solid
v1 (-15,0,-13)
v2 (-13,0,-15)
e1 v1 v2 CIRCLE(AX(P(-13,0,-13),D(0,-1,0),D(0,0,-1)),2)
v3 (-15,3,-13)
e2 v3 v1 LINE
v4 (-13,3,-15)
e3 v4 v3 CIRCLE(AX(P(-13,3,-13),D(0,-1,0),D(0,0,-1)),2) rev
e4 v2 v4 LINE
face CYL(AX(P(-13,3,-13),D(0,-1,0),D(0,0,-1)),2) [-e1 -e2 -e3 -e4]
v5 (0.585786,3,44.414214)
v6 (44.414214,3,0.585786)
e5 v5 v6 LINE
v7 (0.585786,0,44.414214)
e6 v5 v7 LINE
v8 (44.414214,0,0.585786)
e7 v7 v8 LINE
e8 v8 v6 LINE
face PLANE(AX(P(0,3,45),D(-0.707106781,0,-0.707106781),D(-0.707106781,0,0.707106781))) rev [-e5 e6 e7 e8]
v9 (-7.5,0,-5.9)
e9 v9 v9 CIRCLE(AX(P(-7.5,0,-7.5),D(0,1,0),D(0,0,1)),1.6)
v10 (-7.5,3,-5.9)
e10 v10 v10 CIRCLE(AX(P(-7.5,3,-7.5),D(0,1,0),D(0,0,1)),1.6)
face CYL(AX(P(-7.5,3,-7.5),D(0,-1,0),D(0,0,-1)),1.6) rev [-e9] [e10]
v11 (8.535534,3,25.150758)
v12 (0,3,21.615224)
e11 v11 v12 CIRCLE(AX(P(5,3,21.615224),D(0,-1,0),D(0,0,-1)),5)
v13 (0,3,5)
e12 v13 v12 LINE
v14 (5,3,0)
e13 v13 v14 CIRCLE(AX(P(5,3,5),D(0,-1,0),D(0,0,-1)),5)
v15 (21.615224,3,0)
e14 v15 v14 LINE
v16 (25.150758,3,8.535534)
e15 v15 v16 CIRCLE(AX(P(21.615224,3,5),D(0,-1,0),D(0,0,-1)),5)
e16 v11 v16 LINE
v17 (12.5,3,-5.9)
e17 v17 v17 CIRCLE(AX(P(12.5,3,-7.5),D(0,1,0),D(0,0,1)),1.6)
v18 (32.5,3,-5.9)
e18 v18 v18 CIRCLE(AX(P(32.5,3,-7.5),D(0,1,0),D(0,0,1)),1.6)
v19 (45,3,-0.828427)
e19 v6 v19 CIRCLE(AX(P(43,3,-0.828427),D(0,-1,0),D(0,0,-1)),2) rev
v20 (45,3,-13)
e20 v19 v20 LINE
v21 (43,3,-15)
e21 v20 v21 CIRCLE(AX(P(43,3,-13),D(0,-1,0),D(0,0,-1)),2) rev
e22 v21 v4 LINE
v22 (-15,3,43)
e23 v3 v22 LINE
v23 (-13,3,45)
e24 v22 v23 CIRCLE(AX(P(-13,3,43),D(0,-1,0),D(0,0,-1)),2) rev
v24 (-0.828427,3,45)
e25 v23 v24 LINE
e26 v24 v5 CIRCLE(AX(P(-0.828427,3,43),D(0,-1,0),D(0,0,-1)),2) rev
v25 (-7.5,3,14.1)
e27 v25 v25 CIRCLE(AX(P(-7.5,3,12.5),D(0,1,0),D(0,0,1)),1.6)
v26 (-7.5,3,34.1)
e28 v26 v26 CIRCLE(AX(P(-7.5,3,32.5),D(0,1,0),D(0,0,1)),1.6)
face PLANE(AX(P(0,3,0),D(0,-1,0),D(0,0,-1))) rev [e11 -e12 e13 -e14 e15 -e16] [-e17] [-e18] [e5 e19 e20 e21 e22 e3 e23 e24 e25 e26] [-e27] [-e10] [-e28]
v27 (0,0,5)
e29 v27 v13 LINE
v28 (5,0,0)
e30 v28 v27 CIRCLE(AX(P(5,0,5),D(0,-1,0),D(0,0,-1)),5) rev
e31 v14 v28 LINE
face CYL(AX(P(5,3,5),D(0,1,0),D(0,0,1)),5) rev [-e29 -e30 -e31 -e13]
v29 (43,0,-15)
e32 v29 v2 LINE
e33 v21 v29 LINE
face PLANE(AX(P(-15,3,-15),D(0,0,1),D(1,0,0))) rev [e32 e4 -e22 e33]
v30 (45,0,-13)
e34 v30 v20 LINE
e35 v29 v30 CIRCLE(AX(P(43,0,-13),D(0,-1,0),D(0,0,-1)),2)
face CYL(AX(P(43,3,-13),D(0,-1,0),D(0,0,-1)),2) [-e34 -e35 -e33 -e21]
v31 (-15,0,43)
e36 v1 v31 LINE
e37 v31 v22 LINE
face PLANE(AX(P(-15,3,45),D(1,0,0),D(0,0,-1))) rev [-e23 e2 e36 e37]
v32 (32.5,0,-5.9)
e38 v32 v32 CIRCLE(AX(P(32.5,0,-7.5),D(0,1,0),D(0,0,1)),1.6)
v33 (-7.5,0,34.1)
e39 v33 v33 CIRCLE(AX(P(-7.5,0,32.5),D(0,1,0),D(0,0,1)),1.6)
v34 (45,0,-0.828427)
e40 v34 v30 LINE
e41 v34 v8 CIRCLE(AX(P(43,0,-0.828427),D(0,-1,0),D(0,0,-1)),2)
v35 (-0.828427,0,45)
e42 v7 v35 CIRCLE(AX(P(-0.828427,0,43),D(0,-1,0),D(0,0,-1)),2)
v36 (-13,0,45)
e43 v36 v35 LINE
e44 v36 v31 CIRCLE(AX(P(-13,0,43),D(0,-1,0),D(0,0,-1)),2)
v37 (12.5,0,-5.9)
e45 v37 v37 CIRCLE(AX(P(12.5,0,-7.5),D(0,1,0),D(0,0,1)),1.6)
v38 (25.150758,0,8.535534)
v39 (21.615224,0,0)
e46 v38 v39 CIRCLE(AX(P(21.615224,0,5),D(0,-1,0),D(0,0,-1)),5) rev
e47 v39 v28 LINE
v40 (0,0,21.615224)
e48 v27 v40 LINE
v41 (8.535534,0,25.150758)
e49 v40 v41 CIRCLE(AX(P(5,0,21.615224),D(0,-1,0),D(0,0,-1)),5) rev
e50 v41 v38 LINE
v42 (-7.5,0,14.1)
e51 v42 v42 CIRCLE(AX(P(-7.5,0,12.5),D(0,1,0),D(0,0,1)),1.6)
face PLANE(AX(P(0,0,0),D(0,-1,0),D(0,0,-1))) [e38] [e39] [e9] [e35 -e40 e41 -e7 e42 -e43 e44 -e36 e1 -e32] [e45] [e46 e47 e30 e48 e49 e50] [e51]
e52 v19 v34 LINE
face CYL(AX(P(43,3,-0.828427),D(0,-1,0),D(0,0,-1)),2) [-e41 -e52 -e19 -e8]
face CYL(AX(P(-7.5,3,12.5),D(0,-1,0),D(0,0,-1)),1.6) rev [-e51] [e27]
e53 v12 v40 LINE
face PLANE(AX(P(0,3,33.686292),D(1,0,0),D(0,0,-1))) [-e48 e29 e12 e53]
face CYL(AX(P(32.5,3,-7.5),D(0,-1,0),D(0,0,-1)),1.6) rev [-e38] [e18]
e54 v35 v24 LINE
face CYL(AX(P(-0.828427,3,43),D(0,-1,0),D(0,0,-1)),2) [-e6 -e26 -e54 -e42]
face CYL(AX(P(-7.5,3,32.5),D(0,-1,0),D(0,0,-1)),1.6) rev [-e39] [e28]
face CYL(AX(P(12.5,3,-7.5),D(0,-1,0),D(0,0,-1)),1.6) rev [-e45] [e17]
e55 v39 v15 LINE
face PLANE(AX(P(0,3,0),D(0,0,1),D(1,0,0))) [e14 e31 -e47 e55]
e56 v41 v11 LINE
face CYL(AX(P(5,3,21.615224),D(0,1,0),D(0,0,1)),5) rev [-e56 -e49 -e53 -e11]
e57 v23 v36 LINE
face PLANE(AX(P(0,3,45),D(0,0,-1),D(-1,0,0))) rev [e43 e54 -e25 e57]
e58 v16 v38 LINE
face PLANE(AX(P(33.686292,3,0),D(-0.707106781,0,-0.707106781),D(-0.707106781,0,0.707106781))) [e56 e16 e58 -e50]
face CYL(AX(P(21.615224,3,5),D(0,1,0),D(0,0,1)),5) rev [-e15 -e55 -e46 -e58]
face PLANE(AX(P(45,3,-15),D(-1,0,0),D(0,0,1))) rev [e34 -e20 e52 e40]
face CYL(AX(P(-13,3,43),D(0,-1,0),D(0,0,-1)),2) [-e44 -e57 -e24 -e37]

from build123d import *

# Parameters (mm, degrees)
SKETCH_1_R      = 1.6
EXTRUDE_1_DEPTH = 3
FILLET_1_R      = 2
FILLET_2_R      = 5


with BuildPart() as part:
    # 草图1 → 凸台-拉伸1 (new body)
    with BuildSketch(Plane(origin=(0, 0, 0), x_dir=(1, 0, 0), z_dir=(0, 1, 0))):
        Polygon((0, -45), (-15, -45), (-15, 15), (45, 15), (45, 0), align=None)
        with Locations(Location((-7.5, -12.5, 0), (0, 0, 270))):
            Circle(SKETCH_1_R, mode=Mode.SUBTRACT)
        with Locations(Location((-7.5, -32.5, 0), (0, 0, 270))):
            Circle(SKETCH_1_R, mode=Mode.SUBTRACT)
        with Locations(Location((-7.5, 7.5, 0), (0, 0, 270))):
            Circle(SKETCH_1_R, mode=Mode.SUBTRACT)
        with Locations(Location((12.5, 7.5, 0), (0, 0, 270))):
            Circle(SKETCH_1_R, mode=Mode.SUBTRACT)
        with Locations(Location((32.5, 7.5, 0), (0, 0, 270))):
            Circle(SKETCH_1_R, mode=Mode.SUBTRACT)
        Polygon((0, -33.686291501), (0, 0), (33.686291501, 0), align=None, mode=Mode.SUBTRACT)
    extrude(amount=EXTRUDE_1_DEPTH)

    # 圆角1
    fillet_1_edges = [part.edges().sort_by_distance(p)[0] for p in [
        (0, 1.5, 45),
        (-15, 1.5, 45),
        (-15, 1.5, -15),
        (45, 1.5, -15),
        (45, 1.5, 0),
    ]]
    fillet(fillet_1_edges, radius=FILLET_1_R)

    # 圆角2
    fillet_2_edges = [part.edges().sort_by_distance(p)[0] for p in [
        (33.686291501, 1.5, 0),
        (0, 1.5, 0),
        (0, 1.5, 33.686291501),
    ]]
    fillet(fillet_2_edges, radius=FILLET_2_R)


solid = part.part
